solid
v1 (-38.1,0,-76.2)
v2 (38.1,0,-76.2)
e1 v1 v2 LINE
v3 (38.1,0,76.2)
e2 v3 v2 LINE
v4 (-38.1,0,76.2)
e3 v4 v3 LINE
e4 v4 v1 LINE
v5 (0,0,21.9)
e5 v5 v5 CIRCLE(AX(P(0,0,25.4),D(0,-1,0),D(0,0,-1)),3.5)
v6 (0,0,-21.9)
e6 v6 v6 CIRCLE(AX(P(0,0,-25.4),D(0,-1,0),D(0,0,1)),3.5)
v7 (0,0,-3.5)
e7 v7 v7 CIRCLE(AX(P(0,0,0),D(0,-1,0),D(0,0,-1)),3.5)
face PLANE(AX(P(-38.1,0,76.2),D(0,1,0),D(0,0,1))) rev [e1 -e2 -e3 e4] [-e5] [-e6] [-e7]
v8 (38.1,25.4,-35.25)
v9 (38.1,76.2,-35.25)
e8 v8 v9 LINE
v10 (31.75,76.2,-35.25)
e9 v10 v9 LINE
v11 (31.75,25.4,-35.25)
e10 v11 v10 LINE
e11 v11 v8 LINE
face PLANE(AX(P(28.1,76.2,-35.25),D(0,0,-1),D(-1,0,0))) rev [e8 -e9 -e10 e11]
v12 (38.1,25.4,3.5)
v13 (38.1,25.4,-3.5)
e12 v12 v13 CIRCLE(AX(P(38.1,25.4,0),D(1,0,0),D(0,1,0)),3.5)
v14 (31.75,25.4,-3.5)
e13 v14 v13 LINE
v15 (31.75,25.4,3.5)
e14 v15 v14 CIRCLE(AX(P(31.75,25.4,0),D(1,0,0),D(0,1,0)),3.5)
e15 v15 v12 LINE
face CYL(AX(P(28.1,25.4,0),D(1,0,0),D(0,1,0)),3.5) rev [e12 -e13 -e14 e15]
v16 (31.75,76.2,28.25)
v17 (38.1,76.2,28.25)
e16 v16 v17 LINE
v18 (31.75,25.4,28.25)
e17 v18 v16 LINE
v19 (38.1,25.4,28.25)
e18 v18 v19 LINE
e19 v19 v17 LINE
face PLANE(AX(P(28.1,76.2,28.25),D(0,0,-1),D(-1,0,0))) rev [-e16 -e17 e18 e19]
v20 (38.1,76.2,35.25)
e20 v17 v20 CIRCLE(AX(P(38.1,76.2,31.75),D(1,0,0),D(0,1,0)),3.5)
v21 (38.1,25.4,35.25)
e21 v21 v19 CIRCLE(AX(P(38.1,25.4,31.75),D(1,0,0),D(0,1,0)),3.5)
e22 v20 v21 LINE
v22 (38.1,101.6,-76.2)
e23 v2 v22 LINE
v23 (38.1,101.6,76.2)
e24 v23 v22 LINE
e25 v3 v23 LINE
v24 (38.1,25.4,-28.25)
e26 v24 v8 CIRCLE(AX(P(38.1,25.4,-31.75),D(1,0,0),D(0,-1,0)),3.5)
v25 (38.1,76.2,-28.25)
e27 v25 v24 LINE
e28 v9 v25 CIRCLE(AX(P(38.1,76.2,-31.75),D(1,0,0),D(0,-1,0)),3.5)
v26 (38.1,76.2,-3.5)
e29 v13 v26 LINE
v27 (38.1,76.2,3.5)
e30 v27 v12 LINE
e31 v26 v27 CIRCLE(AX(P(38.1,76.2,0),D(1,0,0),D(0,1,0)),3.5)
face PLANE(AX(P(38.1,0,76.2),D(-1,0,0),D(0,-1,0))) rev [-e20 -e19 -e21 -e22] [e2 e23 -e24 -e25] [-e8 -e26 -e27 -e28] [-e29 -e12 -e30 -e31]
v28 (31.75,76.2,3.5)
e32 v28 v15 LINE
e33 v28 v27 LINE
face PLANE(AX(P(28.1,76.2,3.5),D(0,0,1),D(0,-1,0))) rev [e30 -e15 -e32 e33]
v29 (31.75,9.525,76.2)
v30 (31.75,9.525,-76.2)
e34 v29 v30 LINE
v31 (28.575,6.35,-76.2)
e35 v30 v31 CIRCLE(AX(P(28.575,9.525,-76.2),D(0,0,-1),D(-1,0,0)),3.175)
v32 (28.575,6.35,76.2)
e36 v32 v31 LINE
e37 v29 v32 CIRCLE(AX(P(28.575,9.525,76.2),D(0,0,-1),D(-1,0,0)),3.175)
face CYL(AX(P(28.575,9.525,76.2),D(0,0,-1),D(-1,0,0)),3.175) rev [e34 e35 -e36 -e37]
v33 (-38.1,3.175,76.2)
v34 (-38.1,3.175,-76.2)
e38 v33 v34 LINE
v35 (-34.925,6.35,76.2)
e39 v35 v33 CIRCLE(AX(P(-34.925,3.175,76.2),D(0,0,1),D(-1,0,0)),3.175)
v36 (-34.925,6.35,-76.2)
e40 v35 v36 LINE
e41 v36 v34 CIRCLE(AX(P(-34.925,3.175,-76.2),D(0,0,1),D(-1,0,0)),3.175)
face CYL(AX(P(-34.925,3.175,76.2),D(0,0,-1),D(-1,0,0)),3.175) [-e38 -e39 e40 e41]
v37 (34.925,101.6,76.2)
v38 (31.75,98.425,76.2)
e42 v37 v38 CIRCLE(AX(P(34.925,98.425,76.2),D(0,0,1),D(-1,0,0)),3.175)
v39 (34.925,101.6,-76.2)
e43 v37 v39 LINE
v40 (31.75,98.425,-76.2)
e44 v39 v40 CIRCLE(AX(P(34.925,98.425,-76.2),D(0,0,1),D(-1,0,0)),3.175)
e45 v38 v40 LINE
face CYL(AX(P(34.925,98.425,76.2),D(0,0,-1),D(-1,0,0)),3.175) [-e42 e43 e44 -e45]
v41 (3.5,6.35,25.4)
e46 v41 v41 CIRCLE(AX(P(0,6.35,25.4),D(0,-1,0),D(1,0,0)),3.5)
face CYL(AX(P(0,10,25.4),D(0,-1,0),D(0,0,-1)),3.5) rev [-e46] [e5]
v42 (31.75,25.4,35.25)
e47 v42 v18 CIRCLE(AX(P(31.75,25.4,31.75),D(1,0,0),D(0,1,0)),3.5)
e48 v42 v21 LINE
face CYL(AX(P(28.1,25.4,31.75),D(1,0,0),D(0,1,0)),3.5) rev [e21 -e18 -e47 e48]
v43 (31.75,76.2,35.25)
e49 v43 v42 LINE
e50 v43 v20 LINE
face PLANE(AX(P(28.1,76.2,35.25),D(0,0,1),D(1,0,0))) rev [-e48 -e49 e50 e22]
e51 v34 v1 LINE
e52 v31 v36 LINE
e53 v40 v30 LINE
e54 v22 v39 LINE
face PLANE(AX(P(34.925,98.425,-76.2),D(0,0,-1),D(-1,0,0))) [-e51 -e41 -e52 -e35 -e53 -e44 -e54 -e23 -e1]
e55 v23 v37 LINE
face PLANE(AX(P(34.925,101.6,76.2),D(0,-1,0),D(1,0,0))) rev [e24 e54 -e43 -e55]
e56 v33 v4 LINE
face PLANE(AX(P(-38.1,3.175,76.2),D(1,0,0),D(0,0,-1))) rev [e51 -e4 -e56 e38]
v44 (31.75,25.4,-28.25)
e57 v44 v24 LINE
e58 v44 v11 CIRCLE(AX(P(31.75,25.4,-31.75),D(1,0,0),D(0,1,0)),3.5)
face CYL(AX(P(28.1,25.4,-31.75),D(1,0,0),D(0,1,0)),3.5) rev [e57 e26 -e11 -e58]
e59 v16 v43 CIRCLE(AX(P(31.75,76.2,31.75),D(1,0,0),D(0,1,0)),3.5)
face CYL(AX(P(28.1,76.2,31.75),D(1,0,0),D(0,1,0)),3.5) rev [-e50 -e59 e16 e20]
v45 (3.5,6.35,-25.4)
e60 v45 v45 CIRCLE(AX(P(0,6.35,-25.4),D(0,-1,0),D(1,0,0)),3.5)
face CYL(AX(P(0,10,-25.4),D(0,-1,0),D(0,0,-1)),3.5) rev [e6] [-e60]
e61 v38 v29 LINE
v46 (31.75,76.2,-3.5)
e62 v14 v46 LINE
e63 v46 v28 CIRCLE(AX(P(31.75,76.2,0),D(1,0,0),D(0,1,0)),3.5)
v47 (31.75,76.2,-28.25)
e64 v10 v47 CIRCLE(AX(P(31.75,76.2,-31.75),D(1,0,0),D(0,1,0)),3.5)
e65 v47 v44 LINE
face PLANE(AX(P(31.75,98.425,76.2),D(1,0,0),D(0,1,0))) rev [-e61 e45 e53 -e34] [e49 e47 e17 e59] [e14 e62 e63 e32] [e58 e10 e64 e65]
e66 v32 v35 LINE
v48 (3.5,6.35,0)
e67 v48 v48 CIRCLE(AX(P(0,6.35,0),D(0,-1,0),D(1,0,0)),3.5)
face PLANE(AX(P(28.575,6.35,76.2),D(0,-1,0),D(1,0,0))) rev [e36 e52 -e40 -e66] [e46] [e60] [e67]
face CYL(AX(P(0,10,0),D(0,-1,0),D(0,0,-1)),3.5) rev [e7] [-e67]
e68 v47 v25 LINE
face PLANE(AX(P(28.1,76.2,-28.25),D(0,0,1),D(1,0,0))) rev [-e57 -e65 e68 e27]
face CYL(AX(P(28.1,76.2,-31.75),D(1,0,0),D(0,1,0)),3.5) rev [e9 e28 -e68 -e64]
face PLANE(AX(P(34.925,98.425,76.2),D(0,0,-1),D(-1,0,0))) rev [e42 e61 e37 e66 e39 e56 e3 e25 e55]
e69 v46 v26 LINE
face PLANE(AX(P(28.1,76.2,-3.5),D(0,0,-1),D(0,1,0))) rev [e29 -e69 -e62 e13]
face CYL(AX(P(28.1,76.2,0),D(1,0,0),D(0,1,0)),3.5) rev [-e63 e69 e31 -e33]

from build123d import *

# Parameters (mm, degrees)
BOSS_EXTRUDE1_DEPTH = 76.2
CUT_EXTRUDE1_DEPTH  = 10
SKETCH4_R           = 3.5
CUT_EXTRUDE2_DEPTH  = 10


with BuildPart() as part:
    # Sketch2 → Boss-Extrude1 (new, symmetric)
    with BuildSketch(Plane.XY):
        with BuildLine():
            Line((-38.1, 0), (38.1, 0))
            Line((38.1, 0), (38.1, 101.6))
            Line((38.1, 101.6), (34.925, 101.6))
            ThreePointArc((34.925, 101.6), (32.67993597, 100.67006403), (31.75, 98.425))
            Line((31.75, 98.425), (31.75, 9.525))
            ThreePointArc((31.75, 9.525), (30.82006403, 7.27993597), (28.575, 6.35))
            Line((28.575, 6.35), (-34.925, 6.35))
            ThreePointArc((-34.925, 6.35), (-37.17006403, 5.42006403), (-38.1, 3.175))
            Line((-38.1, 3.175), (-38.1, 0))
        make_face()
    extrude(amount=BOSS_EXTRUDE1_DEPTH, both=True)

    # Sketch3 → Cut-Extrude1 (cut)
    with BuildSketch(Plane(origin=(38.1, 0, 0), x_dir=(0, 0, -1), z_dir=(1, 0, 0))):
        with BuildLine():
            Line((-28.25, 76.2), (-28.25, 25.4))
            ThreePointArc((-28.25, 25.4), (-31.75, 21.9), (-35.25, 25.4))
            Line((-35.25, 25.4), (-35.25, 76.2))
            ThreePointArc((-35.25, 76.2), (-31.75, 79.7), (-28.25, 76.2))
        make_face()
        with BuildLine():
            Line((28.25, 76.2), (28.25, 25.4))
            ThreePointArc((28.25, 25.4), (31.75, 21.9), (35.25, 25.4))
            Line((35.25, 25.4), (35.25, 76.2))
            ThreePointArc((35.25, 76.2), (31.75, 79.7), (28.25, 76.2))
        make_face()
        with BuildLine():
            Line((3.5, 76.2), (3.5, 25.4))
            ThreePointArc((3.5, 25.4), (0, 21.9), (-3.5, 25.4))
            Line((-3.5, 25.4), (-3.5, 76.2))
            ThreePointArc((-3.5, 76.2), (0, 79.7), (3.5, 76.2))
        make_face()
    extrude(amount=-CUT_EXTRUDE1_DEPTH, mode=Mode.SUBTRACT)

    # Sketch4 → Cut-Extrude2 (cut)
    with BuildSketch(Plane.XZ):
        with Locations(Location((0, 25.4, 0), (0, 0, 270))):
            Circle(SKETCH4_R)
        with Locations((0, -25.4)):
            Circle(SKETCH4_R)
        with Locations(Location((0, 0, 0), (0, 0, 270))):
            Circle(SKETCH4_R)
    extrude(amount=-CUT_EXTRUDE2_DEPTH, mode=Mode.SUBTRACT)


solid = part.part
